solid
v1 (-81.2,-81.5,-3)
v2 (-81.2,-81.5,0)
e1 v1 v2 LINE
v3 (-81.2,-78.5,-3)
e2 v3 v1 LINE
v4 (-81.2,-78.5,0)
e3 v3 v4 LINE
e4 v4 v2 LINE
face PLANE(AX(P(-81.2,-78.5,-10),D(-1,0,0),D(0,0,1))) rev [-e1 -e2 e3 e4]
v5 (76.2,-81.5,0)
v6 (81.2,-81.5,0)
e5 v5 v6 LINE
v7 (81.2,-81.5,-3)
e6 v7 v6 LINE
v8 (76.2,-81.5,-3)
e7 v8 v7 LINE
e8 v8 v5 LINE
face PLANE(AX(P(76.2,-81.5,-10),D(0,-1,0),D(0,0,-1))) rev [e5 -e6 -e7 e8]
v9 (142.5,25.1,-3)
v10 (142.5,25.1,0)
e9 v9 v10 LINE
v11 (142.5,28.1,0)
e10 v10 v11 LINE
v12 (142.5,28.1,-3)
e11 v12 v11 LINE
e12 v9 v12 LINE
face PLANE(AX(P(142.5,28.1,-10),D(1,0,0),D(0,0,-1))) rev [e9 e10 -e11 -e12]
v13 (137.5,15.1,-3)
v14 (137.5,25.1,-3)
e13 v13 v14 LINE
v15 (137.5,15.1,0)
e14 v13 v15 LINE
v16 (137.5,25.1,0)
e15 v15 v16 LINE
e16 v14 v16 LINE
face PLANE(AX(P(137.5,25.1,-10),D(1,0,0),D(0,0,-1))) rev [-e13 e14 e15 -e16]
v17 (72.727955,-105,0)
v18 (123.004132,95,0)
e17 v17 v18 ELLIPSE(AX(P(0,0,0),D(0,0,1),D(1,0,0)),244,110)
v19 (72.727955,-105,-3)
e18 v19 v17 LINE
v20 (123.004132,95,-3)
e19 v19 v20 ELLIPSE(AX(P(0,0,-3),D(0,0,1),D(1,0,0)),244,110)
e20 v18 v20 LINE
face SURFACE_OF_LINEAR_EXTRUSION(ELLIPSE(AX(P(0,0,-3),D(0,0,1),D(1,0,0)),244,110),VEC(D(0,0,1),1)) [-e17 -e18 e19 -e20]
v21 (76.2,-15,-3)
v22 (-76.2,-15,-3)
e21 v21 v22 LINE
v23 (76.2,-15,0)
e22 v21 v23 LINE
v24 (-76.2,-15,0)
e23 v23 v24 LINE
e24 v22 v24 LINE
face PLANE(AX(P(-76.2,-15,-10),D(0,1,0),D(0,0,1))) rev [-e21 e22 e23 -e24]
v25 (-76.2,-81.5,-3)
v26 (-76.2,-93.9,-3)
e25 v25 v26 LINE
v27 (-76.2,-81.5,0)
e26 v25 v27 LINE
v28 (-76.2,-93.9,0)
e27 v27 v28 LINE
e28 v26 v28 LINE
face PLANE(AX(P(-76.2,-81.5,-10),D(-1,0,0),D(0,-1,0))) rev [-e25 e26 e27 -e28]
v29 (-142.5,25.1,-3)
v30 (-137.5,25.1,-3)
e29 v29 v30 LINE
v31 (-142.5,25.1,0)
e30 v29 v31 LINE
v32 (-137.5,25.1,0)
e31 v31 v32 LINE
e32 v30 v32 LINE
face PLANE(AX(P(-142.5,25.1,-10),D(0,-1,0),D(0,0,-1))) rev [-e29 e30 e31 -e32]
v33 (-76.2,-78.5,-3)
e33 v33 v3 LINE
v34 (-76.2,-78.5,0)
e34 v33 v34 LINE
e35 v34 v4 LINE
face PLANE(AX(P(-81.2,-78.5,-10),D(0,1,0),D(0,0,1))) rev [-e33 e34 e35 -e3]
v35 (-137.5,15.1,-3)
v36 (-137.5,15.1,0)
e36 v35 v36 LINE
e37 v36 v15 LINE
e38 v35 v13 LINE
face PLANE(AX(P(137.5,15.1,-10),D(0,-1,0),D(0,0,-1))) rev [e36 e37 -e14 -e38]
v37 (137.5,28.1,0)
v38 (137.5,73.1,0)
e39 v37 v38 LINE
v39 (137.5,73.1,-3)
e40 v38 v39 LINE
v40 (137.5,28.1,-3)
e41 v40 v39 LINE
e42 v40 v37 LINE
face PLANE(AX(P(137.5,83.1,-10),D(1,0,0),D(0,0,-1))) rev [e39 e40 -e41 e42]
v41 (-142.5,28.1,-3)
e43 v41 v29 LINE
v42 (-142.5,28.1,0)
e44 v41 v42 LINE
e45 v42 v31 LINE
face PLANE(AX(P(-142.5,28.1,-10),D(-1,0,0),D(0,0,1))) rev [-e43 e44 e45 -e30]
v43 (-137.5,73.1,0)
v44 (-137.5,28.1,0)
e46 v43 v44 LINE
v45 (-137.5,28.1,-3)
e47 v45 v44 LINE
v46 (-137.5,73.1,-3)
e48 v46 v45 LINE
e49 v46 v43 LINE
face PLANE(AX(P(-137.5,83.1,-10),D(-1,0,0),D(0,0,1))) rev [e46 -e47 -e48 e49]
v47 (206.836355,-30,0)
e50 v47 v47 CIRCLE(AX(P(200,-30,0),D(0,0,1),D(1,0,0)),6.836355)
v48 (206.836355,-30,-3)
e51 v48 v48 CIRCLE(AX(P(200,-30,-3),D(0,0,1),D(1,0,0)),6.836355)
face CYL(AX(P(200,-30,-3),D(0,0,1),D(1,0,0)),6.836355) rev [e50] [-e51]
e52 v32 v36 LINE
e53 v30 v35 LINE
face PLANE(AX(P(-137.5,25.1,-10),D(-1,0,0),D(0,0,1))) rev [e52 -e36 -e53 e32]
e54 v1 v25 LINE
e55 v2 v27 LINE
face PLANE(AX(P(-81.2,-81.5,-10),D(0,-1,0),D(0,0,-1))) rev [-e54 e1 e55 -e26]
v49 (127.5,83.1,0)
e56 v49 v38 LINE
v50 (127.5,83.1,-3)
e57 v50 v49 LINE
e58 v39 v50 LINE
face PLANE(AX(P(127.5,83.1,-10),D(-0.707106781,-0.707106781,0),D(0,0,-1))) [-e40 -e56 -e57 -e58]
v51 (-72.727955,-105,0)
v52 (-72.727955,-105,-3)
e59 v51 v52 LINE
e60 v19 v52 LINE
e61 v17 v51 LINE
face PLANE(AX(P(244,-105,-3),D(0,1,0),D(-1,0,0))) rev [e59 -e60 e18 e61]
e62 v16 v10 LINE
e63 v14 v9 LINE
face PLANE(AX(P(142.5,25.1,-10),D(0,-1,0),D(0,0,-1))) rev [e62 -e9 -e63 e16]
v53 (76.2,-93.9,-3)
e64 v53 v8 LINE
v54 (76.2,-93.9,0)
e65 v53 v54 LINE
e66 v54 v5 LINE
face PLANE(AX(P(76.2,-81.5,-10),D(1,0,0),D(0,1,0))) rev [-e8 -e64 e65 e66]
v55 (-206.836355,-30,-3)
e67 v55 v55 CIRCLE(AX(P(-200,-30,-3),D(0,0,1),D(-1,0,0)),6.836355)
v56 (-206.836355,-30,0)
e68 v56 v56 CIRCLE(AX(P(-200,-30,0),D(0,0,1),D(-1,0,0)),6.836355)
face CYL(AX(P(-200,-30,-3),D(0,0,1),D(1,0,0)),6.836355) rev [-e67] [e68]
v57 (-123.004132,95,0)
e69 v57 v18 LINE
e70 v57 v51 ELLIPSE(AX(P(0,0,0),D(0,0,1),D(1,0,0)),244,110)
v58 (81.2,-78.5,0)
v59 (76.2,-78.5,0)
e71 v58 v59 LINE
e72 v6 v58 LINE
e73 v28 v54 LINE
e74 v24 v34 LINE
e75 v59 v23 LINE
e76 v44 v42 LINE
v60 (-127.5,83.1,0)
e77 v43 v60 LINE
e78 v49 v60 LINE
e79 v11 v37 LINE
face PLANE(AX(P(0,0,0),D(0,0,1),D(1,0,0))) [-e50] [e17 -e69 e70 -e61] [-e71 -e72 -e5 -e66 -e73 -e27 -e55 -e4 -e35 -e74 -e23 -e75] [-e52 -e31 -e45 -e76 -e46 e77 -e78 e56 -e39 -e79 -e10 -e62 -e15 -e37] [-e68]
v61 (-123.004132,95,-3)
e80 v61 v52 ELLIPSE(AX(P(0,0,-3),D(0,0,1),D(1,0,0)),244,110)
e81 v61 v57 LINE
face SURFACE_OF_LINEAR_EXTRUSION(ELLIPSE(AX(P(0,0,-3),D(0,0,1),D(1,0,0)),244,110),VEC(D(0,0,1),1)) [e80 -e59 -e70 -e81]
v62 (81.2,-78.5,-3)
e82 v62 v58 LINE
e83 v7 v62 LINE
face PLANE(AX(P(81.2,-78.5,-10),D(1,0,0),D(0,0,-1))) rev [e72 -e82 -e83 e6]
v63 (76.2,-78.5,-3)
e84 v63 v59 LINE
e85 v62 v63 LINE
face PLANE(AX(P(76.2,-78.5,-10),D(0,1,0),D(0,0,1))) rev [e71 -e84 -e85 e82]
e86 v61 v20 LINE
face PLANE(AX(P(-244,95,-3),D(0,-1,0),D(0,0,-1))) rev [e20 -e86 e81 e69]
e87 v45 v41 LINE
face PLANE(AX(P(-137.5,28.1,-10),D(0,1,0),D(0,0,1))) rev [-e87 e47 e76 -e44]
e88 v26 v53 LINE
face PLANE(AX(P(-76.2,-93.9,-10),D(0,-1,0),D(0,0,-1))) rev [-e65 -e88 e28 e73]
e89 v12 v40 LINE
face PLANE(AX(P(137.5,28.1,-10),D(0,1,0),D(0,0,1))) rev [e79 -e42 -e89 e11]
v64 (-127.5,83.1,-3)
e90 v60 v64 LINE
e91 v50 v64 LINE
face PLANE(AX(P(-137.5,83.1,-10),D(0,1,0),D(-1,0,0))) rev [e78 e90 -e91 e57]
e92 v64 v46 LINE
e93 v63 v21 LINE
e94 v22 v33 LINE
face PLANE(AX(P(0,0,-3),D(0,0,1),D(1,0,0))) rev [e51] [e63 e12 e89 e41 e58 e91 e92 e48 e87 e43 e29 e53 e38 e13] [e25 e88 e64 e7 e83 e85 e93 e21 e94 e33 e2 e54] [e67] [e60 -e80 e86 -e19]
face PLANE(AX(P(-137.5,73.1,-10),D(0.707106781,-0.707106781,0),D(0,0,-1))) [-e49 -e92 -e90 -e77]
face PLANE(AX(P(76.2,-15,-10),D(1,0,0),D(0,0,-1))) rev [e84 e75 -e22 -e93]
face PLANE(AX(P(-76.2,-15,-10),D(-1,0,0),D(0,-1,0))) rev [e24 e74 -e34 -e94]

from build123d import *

# Parameters (mm, degrees)
SKETCH1_RX          = 244
SKETCH1_RY          = 110
BOSS_EXTRUDE1_DEPTH = 3
SKETCH12_R          = 6.83635542
CUT_EXTRUDE8_DEPTH  = 4
SKETCH13_W          = 488
SKETCH13_H          = 5
SKETCH13_H_2        = 15
CUT_EXTRUDE9_DEPTH  = 4
CUT_EXTRUDE10_DEPTH = 10
CUT_EXTRUDE11_DEPTH = 10
CHAMFER1_SIZE       = 10


with BuildPart() as part:
    # Sketch1 → Boss-Extrude1 (new body)
    with BuildSketch(Plane.XY):
        with Locations((0, 0)):
            Ellipse(SKETCH1_RX, SKETCH1_RY)
    extrude(amount=-BOSS_EXTRUDE1_DEPTH)

    # Sketch12 → Cut-Extrude8 (cut, through all)
    with BuildSketch(Plane.XY):
        with Locations((200, -30)):
            Circle(SKETCH12_R)
        with Locations((-200, -30)):
            Circle(SKETCH12_R)
    extrude(amount=-CUT_EXTRUDE8_DEPTH, mode=Mode.SUBTRACT)

    # Sketch13 → Cut-Extrude9 (cut, through all)
    with BuildSketch(Plane.XY):
        with Locations((0, -107.5)):
            Rectangle(SKETCH13_W, SKETCH13_H)
        with Locations((0, 102.5)):
            Rectangle(SKETCH13_W, SKETCH13_H_2)
    extrude(amount=-CUT_EXTRUDE9_DEPTH, mode=Mode.SUBTRACT)

    # Sketch14 → Cut-Extrude10 (cut)
    with BuildSketch(Plane.XY):
        Polygon((-76.2, -81.5), (-76.2, -93.9), (76.2, -93.9), (76.2, -81.5), (81.2, -81.5), (81.2, -78.5), (76.2, -78.5), (76.2, -15), (-76.2, -15), (-76.2, -78.5), (-81.2, -78.5), (-81.2, -81.5), align=None)
    extrude(amount=-CUT_EXTRUDE10_DEPTH, mode=Mode.SUBTRACT)

    # Sketch15 → Cut-Extrude11 (cut)
    with BuildSketch(Plane.XY):
        Polygon((-137.5, 83.1), (137.5, 83.1), (137.5, 28.1), (142.5, 28.1), (142.5, 25.1), (137.5, 25.1), (137.5, 15.1), (-137.5, 15.1), (-137.5, 25.1), (-142.5, 25.1), (-142.5, 28.1), (-137.5, 28.1), align=None)
    extrude(amount=-CUT_EXTRUDE11_DEPTH, mode=Mode.SUBTRACT)

    # Chamfer1
    chamfer1_edges = [part.edges().sort_by_distance(p)[0] for p in [
        (-137.5, 83.1, -1.5),
        (137.5, 83.1, -1.5),
    ]]
    chamfer(chamfer1_edges, length=CHAMFER1_SIZE)


solid = part.part
